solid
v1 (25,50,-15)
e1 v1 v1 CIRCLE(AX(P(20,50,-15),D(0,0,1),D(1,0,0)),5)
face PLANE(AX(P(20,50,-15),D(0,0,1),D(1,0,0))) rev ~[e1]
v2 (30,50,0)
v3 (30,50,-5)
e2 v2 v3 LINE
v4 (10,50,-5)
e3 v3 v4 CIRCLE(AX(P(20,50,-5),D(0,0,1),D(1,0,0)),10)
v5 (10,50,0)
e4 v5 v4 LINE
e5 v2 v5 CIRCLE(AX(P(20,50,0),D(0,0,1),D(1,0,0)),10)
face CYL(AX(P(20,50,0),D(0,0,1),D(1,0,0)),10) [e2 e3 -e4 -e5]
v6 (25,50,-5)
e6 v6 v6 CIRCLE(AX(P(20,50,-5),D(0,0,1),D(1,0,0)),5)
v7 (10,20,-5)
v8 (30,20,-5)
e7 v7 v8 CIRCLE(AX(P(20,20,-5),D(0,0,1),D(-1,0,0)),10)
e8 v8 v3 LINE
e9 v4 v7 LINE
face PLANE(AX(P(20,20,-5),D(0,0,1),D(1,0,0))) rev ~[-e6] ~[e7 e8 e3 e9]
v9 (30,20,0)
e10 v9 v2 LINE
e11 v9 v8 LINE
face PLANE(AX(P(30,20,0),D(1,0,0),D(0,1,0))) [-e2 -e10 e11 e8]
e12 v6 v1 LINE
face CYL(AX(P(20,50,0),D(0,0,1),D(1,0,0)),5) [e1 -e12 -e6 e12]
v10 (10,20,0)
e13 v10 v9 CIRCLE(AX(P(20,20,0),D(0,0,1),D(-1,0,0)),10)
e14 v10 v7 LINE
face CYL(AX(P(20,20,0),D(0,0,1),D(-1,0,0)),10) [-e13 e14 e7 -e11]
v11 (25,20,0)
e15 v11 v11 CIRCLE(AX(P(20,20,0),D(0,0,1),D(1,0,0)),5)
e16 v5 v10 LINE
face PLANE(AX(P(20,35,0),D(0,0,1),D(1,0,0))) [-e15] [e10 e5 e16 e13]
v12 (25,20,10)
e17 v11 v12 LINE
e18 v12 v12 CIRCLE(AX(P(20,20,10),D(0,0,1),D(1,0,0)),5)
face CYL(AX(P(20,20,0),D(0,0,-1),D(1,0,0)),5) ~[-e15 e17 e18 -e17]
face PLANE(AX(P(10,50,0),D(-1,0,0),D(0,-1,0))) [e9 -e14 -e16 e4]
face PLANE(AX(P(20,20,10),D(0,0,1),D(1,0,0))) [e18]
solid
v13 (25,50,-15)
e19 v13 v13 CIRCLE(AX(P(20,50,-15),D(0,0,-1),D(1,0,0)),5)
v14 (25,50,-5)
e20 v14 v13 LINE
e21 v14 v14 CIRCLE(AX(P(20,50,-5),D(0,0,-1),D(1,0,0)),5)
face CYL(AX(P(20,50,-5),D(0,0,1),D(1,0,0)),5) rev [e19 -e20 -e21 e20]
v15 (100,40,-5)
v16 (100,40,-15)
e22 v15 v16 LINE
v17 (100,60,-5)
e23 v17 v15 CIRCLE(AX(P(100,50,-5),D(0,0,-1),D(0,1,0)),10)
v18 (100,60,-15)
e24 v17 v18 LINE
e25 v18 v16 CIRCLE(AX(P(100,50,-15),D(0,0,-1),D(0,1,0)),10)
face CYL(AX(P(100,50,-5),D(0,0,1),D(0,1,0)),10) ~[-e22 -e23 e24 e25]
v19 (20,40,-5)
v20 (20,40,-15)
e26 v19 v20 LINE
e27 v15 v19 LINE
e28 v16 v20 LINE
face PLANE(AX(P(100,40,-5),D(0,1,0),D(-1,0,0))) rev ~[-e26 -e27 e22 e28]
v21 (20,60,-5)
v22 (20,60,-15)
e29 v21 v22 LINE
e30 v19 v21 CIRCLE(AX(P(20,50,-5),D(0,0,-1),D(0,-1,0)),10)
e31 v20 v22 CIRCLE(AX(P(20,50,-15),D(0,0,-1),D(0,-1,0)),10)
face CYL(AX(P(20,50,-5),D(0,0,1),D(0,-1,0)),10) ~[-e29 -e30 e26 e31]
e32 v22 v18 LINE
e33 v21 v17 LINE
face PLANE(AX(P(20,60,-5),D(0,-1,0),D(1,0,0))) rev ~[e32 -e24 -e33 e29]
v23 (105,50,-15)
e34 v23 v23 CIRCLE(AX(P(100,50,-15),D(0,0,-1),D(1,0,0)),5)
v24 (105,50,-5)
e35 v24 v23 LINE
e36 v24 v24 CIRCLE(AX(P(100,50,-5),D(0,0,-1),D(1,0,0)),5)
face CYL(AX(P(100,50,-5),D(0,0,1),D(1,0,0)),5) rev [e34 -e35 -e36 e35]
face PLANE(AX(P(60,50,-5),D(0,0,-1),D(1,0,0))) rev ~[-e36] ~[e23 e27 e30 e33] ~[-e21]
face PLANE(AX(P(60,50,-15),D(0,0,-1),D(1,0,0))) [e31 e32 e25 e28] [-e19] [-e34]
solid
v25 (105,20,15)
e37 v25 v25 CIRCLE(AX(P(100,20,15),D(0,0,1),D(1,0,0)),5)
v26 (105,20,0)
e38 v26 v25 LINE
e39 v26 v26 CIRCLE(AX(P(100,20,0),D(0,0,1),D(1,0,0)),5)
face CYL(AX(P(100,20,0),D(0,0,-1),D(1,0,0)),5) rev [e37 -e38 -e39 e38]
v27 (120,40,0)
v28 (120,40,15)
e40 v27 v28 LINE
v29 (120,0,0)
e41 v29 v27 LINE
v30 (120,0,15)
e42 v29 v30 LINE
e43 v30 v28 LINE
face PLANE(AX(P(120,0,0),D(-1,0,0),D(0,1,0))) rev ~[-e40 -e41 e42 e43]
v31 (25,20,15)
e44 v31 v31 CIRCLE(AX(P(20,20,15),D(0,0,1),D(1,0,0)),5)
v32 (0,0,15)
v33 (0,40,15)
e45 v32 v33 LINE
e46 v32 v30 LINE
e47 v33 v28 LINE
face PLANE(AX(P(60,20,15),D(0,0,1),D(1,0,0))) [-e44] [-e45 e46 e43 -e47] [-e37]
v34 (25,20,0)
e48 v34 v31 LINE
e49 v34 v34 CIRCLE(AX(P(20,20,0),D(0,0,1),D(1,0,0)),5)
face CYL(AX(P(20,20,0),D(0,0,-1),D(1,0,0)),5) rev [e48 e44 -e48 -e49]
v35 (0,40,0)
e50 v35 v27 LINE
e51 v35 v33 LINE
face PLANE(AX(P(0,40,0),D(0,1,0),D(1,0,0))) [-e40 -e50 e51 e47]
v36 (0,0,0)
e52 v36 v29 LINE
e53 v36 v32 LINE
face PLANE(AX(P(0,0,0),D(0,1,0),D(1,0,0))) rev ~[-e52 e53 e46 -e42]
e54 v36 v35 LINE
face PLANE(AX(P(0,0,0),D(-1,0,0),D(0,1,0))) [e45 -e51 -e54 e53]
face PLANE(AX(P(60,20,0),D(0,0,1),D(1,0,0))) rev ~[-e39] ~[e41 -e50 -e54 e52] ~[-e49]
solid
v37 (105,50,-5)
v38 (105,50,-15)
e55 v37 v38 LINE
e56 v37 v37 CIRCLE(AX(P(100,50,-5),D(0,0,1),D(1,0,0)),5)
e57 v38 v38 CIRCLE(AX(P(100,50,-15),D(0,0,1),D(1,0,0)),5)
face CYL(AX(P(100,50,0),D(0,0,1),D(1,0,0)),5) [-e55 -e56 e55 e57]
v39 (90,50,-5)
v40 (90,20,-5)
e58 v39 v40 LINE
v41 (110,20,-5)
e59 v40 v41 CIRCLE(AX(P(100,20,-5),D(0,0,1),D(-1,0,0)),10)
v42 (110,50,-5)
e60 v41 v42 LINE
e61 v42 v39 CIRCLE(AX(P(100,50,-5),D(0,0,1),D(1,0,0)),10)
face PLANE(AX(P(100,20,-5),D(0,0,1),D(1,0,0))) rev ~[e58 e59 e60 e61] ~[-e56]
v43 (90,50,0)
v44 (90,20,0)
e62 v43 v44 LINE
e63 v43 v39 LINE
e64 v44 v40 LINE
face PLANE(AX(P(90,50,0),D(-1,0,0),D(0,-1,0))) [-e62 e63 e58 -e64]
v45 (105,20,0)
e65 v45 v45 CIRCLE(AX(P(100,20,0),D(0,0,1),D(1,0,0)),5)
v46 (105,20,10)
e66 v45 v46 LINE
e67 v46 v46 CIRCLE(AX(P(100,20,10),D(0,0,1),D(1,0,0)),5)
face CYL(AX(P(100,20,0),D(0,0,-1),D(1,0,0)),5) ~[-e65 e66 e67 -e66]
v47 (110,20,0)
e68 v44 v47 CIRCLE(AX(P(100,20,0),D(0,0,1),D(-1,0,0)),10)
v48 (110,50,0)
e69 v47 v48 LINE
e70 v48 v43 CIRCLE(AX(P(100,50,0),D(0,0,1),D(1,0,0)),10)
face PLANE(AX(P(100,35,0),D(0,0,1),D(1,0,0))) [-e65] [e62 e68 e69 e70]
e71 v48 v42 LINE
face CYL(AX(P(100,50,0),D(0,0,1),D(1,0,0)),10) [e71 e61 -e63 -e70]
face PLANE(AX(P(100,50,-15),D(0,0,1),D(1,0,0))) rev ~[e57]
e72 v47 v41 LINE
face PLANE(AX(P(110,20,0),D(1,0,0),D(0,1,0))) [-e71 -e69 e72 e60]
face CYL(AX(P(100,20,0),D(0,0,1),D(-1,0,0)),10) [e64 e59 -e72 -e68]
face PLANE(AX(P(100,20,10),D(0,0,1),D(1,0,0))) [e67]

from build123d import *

# Parameters (mm, degrees)
F0_W          = 120
F0_H          = 40
F0_R          = 5
F1_DEPTH      = 15
F2_R          = 5
F3_DEPTH      = 5
F4_DEPTH      = 10
F4_DEPTH_BACK = 5
F5_DEPTH      = 10
F5_DEPTH_BACK = 5
F6_DEPTH      = 15
F7_DEPTH      = 15
F9_R          = 5
F10_DEPTH     = 10


with BuildPart() as f1:
    # F0 (on Top) → F1 (new body)
    with BuildSketch(Plane.XY):
        with Locations((60, 20)):
            Rectangle(F0_W, F0_H)
        with Locations((20, 20)):
            Circle(F0_R, mode=Mode.SUBTRACT)
        with Locations((100, 20)):
            Circle(F0_R, mode=Mode.SUBTRACT)
    extrude(amount=F1_DEPTH)


with BuildPart() as f3:
    # F2 (on Top) → F3 (new body)
    with BuildSketch(Plane.XY):
        with BuildLine():
            Line((10, 50), (10, 20))
            ThreePointArc((10, 20), (20, 10), (30, 20))
            Line((30, 20), (30, 50))
            ThreePointArc((30, 50), (20, 60), (10, 50))
        make_face()
        with Locations((20, 20)):
            Circle(F2_R, mode=Mode.SUBTRACT)
        with Locations((20, 50)):
            Circle(F2_R, mode=Mode.SUBTRACT)
    extrude(amount=-F3_DEPTH)

    # F2 (on Top) → F4 (join, two sides)
    with BuildSketch(Plane.XY) as f4_sk:
        with Locations((20, 20)):
            Circle(F2_R)
    extrude(amount=F4_DEPTH)
    extrude(f4_sk.sketch, amount=-F4_DEPTH_BACK)

    # F2 (on Top) → F6 (join)
    with BuildSketch(Plane.XY):
        with Locations((20, 50)):
            Circle(F2_R)
    extrude(amount=-F6_DEPTH)


with BuildPart() as f3b:
    # F2 (on Top) → F3, piece 2 (new body)
    with BuildSketch(Plane.XY):
        with BuildLine():
            Line((90, 50), (90, 20))
            ThreePointArc((90, 20), (100, 10), (110, 20))
            Line((110, 20), (110, 50))
            ThreePointArc((110, 50), (100, 60), (90, 50))
        make_face()
        with Locations((100, 20)):
            Circle(F2_R, mode=Mode.SUBTRACT)
        with Locations((100, 50)):
            Circle(F2_R, mode=Mode.SUBTRACT)
    extrude(amount=-F3_DEPTH)

    # F2 (on Top) → F5 (join, two sides)
    with BuildSketch(Plane.XY) as f5_sk:
        with Locations((100, 20)):
            Circle(F2_R)
    extrude(amount=F5_DEPTH)
    extrude(f5_sk.sketch, amount=-F5_DEPTH_BACK)

    # F2 (on Top) → F7 (join)
    with BuildSketch(Plane.XY):
        with Locations((100, 50)):
            Circle(F2_R)
    extrude(amount=-F7_DEPTH)


with BuildPart() as f10:
    # F9 (on offset) → F10 (new body)
    with BuildSketch(Plane(origin=(0, 0, -5), x_dir=(1, 0, 0), z_dir=(0, 0, -1))):
        with BuildLine():
            ThreePointArc((100, -60), (110, -50), (100, -40))
            Line((100, -40), (20, -40))
            ThreePointArc((20, -40), (10, -50), (20, -60))
            Line((20, -60), (100, -60))
        make_face()
        with Locations((20, -50)):
            Circle(F9_R, mode=Mode.SUBTRACT)
        with Locations((100, -50)):
            Circle(F9_R, mode=Mode.SUBTRACT)
    extrude(amount=F10_DEPTH)


solid = Compound([f1.part, f3.part, f3b.part, f10.part])
